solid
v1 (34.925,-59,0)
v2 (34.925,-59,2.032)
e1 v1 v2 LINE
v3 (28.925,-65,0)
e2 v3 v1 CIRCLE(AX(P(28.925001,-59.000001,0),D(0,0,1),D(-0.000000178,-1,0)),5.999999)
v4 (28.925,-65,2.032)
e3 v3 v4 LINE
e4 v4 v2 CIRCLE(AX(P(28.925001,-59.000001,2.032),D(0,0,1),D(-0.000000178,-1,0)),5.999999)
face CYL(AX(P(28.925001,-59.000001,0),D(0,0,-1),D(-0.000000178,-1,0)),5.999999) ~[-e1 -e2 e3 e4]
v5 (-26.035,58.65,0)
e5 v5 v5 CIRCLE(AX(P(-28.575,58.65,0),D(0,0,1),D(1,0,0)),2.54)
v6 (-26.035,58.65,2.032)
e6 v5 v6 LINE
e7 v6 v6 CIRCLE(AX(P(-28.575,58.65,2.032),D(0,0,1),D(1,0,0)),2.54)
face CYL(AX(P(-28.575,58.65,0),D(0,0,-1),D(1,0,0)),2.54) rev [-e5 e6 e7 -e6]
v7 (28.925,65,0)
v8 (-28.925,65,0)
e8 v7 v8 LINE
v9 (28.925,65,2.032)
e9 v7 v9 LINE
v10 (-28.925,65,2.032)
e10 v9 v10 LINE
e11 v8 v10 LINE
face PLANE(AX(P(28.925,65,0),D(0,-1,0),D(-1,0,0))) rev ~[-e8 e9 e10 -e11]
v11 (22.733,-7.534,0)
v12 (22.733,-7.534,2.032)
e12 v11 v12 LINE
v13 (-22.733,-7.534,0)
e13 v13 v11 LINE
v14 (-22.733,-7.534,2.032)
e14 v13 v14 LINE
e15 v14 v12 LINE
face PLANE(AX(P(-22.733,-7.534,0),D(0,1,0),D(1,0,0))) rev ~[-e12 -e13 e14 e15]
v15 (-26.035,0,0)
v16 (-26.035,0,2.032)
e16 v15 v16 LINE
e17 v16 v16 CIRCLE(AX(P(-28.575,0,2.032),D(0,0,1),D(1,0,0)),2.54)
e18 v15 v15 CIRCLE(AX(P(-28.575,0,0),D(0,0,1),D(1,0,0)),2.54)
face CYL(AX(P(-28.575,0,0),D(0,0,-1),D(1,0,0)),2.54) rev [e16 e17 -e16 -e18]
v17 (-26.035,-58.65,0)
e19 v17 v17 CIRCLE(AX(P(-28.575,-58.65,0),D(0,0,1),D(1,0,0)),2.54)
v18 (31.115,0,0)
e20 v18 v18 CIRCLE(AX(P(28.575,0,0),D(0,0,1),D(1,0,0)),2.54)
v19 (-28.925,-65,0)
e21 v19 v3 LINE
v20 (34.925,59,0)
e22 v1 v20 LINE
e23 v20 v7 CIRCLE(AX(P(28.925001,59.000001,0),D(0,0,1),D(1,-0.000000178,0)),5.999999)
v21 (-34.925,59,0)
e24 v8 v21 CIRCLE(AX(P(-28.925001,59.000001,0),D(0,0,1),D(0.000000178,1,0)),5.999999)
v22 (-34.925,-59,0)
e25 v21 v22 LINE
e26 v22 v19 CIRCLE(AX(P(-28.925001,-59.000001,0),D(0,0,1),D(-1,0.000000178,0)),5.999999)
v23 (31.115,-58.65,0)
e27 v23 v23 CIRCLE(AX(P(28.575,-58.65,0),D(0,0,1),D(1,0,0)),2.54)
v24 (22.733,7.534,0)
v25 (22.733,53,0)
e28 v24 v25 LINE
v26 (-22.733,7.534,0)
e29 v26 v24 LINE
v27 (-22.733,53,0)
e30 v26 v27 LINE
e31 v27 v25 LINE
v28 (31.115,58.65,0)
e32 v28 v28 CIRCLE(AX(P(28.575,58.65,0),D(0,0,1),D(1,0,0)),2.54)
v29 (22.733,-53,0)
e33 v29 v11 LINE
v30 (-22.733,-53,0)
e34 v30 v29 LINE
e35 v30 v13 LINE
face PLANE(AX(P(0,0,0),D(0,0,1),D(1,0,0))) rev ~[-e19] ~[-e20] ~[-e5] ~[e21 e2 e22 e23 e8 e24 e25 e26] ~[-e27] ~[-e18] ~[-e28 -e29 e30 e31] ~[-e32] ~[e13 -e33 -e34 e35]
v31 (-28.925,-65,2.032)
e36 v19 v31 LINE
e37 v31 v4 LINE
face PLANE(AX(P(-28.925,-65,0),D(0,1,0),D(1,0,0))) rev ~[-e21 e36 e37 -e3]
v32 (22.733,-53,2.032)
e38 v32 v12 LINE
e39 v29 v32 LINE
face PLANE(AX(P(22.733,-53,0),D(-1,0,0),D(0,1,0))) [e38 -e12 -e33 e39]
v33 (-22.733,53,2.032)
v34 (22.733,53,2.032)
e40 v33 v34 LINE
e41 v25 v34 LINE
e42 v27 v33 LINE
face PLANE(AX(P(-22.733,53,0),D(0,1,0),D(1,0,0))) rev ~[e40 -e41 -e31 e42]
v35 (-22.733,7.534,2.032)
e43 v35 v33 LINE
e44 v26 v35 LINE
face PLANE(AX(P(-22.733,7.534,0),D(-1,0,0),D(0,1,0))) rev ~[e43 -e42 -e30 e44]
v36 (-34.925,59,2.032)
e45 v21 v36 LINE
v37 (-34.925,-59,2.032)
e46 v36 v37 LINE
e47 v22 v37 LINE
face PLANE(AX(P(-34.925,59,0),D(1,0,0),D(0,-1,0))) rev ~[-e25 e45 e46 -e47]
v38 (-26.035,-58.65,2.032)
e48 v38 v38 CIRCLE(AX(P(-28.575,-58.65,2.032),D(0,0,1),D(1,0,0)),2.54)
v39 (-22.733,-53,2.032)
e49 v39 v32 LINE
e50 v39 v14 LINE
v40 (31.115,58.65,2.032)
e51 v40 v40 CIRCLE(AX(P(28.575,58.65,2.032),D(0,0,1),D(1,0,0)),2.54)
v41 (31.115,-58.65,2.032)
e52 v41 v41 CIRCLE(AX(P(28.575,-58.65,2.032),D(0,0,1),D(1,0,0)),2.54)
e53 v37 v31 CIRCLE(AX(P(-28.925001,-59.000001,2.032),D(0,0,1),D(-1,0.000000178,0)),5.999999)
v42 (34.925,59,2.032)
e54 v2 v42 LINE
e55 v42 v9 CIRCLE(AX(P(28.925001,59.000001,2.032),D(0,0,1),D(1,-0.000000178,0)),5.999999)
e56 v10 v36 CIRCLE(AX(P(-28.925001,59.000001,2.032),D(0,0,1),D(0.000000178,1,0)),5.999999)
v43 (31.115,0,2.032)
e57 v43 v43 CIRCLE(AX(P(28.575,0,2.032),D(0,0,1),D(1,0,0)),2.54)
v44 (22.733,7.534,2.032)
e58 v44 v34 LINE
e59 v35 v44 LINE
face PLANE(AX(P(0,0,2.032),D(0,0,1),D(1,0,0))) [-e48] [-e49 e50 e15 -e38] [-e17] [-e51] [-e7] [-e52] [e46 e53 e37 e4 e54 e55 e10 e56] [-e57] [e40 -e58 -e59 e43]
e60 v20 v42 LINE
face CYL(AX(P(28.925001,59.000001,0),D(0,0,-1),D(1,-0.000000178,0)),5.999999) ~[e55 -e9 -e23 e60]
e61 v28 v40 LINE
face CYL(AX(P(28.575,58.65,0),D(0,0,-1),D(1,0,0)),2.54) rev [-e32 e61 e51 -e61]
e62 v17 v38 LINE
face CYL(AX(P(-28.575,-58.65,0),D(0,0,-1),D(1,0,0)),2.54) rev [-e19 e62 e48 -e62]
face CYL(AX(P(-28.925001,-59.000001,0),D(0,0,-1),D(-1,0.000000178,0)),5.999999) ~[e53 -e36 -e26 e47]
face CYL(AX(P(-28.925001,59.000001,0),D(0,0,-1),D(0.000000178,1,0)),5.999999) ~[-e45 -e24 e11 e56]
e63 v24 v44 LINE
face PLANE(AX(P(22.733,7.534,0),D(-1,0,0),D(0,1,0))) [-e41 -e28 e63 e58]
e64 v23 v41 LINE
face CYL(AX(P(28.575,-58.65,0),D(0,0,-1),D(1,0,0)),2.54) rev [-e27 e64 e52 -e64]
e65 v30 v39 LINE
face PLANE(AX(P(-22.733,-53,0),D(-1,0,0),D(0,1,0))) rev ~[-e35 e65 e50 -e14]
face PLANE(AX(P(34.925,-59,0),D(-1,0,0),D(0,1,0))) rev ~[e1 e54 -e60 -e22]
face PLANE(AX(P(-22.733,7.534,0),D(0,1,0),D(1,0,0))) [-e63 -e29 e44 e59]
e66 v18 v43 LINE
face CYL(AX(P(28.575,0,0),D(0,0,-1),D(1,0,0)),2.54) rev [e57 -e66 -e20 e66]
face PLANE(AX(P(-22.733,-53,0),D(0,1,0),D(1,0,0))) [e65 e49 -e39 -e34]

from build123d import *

# Parameters (mm, degrees)
F0_R     = 2.54
F0_W     = 45.466
F0_H     = 45.466
F1_DEPTH = 2.032


with BuildPart() as f1:
    # F0 (on Top) → F1 (new body)
    with BuildSketch(Plane.XY):
        with BuildLine():
            Line((28.925, 65), (-28.925, 65))
            ThreePointArc((-28.925, 65), (-33.167641, 63.242641), (-34.925, 59))
            Line((-34.925, 59), (-34.925, -59))
            ThreePointArc((-34.925, -59), (-33.167641, -63.242641), (-28.925, -65))
            Line((-28.925, -65), (28.925, -65))
            ThreePointArc((28.925, -65), (33.167641, -63.242641), (34.925, -59))
            Line((34.925, -59), (34.925, 59))
            ThreePointArc((34.925, 59), (33.167641, 63.242641), (28.925, 65))
        make_face()
        with Locations((-28.575, -58.65)):
            Circle(F0_R, mode=Mode.SUBTRACT)
        with Locations((28.575, -58.65)):
            Circle(F0_R, mode=Mode.SUBTRACT)
        with Locations((0, -30.267)):
            Rectangle(F0_W, F0_H, mode=Mode.SUBTRACT)
        with Locations((-28.575, 0)):
            Circle(F0_R, mode=Mode.SUBTRACT)
        with Locations((-28.575, 58.65)):
            Circle(F0_R, mode=Mode.SUBTRACT)
        with Locations((0, 30.267)):
            Rectangle(F0_W, F0_H, mode=Mode.SUBTRACT)
        with Locations((28.575, 0)):
            Circle(F0_R, mode=Mode.SUBTRACT)
        with Locations((28.575, 58.65)):
            Circle(F0_R, mode=Mode.SUBTRACT)
    extrude(amount=F1_DEPTH)


solid = f1.part
